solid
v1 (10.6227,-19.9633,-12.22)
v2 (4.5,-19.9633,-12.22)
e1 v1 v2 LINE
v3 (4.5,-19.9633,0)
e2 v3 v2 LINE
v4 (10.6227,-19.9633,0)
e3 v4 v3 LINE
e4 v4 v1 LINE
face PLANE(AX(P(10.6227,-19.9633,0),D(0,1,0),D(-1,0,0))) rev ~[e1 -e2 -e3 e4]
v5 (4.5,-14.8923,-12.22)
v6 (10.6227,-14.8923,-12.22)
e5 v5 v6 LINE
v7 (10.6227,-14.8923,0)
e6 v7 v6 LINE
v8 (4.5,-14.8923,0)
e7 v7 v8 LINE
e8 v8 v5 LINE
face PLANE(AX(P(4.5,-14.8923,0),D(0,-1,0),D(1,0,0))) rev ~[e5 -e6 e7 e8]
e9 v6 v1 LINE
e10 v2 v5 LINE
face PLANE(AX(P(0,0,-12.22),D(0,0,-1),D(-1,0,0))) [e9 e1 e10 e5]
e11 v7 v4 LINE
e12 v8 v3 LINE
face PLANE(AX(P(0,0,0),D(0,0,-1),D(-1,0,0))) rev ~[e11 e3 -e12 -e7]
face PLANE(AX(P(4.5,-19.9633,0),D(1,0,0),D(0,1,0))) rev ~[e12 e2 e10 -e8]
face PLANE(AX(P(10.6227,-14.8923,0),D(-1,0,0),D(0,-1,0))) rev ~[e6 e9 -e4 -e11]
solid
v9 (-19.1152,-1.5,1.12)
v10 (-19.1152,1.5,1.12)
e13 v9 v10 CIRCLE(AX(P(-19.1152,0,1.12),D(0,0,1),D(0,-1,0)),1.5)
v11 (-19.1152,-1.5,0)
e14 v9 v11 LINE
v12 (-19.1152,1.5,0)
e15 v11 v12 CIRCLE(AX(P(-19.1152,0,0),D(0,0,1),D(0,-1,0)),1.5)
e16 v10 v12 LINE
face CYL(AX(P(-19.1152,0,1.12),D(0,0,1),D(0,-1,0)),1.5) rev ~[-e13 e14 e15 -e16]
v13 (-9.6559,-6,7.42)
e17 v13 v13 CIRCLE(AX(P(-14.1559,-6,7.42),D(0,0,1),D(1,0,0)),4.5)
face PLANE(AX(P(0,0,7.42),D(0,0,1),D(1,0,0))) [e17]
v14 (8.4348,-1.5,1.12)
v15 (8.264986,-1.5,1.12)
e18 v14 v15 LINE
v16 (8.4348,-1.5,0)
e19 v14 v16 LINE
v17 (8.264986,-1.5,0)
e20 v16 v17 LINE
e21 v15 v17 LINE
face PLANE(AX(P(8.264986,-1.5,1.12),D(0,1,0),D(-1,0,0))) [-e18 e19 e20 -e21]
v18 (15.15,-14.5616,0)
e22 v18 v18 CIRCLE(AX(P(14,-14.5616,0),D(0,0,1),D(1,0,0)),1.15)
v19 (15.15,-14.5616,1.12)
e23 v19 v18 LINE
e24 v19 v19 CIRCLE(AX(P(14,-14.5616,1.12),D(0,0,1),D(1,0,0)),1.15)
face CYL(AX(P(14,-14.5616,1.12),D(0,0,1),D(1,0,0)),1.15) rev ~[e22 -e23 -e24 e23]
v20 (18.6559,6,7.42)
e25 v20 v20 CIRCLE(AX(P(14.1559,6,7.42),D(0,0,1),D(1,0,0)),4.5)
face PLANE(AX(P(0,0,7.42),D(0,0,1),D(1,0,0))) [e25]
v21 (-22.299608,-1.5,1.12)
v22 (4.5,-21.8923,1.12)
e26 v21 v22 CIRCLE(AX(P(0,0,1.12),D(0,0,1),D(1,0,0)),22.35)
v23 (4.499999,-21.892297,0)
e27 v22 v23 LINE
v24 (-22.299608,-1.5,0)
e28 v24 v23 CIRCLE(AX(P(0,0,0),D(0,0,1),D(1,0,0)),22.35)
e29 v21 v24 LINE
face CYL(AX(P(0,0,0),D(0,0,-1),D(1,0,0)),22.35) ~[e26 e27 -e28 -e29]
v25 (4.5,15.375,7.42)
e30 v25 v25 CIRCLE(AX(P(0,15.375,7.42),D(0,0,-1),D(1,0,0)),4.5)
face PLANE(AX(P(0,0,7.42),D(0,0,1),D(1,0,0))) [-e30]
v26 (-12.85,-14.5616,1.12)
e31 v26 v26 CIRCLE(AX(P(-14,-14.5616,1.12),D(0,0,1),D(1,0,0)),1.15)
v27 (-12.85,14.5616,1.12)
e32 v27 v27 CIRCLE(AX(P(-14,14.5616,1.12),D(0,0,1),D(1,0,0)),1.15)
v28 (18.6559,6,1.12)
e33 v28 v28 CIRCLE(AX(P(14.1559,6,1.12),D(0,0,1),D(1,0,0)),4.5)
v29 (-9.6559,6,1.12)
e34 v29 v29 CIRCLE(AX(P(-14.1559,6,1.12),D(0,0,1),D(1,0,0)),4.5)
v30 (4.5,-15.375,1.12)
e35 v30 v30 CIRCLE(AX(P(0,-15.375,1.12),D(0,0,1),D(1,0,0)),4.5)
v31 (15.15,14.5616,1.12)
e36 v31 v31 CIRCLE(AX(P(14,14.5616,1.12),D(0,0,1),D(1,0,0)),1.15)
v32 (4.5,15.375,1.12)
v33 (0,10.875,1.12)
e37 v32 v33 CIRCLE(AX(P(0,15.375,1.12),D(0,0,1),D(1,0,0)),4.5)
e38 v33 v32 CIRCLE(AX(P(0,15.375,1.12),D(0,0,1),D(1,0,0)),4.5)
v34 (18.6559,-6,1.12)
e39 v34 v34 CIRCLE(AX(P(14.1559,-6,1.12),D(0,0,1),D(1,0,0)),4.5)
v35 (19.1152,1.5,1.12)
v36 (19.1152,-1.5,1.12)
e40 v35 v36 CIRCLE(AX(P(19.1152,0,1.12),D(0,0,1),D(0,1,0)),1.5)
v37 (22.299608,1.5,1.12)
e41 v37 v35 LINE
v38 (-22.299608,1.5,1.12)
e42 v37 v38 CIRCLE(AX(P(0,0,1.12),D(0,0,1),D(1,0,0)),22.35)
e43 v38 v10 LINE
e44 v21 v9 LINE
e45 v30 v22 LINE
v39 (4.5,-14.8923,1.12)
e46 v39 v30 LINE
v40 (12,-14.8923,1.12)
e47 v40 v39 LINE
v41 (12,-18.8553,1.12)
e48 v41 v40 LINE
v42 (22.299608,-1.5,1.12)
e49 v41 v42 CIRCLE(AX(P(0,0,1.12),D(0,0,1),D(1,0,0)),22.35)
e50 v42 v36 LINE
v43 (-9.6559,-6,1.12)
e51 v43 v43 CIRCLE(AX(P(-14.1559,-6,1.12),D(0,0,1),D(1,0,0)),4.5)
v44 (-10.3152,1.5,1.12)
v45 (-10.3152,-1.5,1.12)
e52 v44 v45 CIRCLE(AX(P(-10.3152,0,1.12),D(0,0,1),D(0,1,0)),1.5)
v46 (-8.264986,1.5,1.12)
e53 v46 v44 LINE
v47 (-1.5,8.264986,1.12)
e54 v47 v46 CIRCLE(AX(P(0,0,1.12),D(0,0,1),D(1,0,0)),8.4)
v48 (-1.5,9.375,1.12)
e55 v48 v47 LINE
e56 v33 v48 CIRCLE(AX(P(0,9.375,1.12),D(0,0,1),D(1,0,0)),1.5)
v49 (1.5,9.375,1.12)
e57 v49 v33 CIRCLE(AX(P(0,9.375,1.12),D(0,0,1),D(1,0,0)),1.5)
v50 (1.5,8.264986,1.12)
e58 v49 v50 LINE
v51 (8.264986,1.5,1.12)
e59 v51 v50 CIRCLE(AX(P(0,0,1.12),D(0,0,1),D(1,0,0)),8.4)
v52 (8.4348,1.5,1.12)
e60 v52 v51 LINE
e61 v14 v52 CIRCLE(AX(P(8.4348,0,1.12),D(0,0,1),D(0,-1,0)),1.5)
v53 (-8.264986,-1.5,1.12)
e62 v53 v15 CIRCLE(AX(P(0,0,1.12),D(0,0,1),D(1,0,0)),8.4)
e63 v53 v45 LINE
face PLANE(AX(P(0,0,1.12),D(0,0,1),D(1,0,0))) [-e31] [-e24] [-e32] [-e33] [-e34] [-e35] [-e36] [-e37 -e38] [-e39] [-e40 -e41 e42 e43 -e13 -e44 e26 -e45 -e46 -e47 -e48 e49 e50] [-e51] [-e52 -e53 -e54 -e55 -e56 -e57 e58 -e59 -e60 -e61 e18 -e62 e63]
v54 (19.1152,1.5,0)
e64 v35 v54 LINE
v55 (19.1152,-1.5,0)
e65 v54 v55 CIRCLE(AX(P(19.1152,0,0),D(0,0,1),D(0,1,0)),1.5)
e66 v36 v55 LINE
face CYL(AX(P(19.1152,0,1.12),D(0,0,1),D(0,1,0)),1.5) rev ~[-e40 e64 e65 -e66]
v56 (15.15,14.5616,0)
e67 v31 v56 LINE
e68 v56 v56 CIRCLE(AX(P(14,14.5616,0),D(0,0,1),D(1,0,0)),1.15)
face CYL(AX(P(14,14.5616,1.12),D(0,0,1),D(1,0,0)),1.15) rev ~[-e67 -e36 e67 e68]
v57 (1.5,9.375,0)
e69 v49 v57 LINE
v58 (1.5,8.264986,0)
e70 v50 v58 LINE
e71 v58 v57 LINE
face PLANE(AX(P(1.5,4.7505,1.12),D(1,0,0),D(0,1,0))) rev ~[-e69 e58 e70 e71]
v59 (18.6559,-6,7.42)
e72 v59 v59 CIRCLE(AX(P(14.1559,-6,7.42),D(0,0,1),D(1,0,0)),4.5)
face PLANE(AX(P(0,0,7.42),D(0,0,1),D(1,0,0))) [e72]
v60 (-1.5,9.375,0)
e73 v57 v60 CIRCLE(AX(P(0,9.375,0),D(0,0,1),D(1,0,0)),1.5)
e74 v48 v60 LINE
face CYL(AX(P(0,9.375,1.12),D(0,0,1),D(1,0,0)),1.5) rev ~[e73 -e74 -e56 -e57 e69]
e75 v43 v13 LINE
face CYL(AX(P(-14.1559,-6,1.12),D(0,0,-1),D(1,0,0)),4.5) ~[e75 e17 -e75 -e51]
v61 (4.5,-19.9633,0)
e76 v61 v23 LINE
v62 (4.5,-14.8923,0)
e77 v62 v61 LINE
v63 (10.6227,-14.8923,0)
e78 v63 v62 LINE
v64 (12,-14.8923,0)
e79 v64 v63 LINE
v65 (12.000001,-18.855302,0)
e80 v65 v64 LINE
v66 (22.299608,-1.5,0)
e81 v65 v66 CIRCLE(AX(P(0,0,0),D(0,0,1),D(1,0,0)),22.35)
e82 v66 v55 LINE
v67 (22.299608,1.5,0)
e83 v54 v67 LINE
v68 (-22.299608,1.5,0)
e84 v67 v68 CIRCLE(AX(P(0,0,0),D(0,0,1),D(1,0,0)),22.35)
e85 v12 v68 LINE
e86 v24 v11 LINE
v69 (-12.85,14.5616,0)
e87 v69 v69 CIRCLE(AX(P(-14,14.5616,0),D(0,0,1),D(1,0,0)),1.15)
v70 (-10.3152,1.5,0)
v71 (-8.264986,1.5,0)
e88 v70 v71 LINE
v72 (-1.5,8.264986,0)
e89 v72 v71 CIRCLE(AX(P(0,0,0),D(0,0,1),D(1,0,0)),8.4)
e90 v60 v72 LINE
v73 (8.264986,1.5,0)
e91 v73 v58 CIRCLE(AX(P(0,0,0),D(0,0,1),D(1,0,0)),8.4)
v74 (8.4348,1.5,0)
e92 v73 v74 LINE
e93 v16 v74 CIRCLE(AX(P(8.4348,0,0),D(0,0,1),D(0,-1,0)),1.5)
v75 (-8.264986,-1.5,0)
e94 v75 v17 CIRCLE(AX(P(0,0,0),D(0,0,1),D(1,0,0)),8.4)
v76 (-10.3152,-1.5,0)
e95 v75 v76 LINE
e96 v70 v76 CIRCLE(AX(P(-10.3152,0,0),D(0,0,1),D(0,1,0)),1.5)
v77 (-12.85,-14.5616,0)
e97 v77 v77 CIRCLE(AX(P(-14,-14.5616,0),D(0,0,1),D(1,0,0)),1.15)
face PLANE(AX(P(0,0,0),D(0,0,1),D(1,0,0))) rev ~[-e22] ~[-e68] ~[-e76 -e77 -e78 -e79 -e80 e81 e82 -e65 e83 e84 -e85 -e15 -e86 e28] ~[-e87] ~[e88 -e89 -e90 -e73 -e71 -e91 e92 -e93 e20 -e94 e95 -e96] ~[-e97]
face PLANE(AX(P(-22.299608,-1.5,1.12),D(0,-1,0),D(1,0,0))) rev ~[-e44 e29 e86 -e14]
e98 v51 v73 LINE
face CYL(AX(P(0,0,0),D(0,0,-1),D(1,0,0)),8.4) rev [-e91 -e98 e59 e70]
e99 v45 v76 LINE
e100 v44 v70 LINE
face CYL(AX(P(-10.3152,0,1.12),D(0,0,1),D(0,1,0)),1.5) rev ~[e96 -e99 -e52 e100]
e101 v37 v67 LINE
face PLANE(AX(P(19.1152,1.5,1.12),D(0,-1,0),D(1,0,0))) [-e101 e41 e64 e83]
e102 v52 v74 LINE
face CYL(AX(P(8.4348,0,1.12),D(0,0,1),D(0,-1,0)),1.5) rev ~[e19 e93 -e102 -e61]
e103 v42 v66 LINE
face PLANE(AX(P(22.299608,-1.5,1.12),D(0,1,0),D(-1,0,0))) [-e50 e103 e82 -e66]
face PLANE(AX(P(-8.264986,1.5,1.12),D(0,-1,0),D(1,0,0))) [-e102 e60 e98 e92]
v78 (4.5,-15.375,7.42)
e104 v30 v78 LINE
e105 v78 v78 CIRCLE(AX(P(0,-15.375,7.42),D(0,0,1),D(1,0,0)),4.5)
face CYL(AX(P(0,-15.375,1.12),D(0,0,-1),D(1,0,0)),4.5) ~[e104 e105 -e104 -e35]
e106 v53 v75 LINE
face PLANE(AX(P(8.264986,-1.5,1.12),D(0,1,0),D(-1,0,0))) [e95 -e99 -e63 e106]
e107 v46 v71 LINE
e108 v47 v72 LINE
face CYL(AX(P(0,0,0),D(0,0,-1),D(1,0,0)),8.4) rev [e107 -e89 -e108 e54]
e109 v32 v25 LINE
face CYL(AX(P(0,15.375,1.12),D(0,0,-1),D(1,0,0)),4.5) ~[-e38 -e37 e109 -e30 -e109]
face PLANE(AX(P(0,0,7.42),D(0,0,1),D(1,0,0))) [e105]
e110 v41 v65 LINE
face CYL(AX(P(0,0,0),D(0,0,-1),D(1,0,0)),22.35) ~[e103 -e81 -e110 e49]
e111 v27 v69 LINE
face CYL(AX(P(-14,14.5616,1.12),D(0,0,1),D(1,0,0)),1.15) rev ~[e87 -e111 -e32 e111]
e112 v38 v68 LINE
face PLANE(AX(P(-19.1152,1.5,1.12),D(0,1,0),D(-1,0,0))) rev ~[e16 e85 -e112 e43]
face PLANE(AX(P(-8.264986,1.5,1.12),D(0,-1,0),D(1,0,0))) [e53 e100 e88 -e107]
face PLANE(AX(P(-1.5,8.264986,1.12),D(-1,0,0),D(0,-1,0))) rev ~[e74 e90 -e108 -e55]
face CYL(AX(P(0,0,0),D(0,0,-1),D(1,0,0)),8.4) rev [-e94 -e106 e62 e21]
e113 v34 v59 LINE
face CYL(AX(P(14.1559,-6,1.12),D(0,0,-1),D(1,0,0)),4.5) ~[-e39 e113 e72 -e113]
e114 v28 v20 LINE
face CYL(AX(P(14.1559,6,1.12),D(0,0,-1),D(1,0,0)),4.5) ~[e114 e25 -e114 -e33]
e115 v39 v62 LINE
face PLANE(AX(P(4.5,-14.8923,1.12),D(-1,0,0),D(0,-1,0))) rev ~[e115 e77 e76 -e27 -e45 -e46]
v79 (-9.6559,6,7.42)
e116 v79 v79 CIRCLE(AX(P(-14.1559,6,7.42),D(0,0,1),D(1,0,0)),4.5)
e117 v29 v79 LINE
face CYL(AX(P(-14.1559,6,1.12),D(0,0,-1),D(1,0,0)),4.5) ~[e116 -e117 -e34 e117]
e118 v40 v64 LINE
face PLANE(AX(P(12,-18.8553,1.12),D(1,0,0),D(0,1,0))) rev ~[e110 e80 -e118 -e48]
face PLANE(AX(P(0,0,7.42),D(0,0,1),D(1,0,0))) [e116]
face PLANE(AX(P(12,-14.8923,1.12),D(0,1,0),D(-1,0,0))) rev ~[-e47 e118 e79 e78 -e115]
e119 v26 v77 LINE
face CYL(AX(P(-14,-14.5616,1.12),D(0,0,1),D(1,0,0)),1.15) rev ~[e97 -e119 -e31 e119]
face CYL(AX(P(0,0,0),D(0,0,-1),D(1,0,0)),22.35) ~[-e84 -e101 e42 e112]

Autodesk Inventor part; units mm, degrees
ref_plane "YZ Plane" through (0, 0, 0) normal (1, 0, 0) x (0, 1, 0)
ref_plane "XZ Plane" through (0, 0, 0) normal (0, 1, 0) x (-1, 0, 0)
ref_plane "XY Plane" through (0, 0, 0) normal (0, 0, 1) x (1, 0, 0)
sketch "Base" plane through (0, 0, 0) normal (0, 0, 1) x (1, 0, 0)
  circle A0 centre (0, 0) radius 22.35
  circle A1 centre (0, 0) radius 8.4
  dimension "d0" = 44.7
  dimension "d1" = 16.8
extrude "BaseFeature" add sketch "Base" along normal blind 1.12
sketch "InsideProfile" plane through (0, 0, 1.12) normal (0, 0, 1) x (1, 0, 0)
  circle A0 centre (0, 0) radius 8.4 projected
  circle A1 centre (0, 0) radius 22.35 projected
  circle A2 centre (0, 0) radius 15.375 construction
  line L0 (0, 15.375) -> (0, -15.375) construction
  circle A3 centre (0, 15.375) radius 4.5
  circle A4 centre (0, -15.375) radius 4.5
  circle A5 centre (-14.1559, 6) radius 4.5
  circle A6 centre (-14.1559, -6) radius 4.5
  circle A7 centre (14.1559, 6) radius 4.5
  circle A8 centre (14.1559, -6) radius 4.5
  line L1 (0, 9.375) -> (0, 4.7505) construction
  line L2 (-1.5, 9.375) -> (-1.5, 4.7505)
  line L3 (1.5, 4.7505) -> (1.5, 9.375)
  arc A9 (1.5, 9.375) -> (-1.5, 9.375) centre (0, 9.375) ccw
  arc A10 (-1.5, 4.7505) -> (1.5, 4.7505) centre (0, 4.7505) ccw
  line L4 (0, -31.29) -> (0, 31.29) construction
  line L5 (-14.1559, 6) -> (-14.1559, -6) construction
  line L6 (-38.1332, 0) -> (38.1332, 0) construction
  line L7 (-10.3152, 0) -> (8.4348, 0) construction
  line L8 (-10.3152, 1.5) -> (8.4348, 1.5)
  line L9 (8.4348, -1.5) -> (-10.3152, -1.5)
  arc A11 (-10.3152, 1.5) -> (-10.3152, -1.5) centre (-10.3152, 0) ccw
  arc A12 (8.4348, -1.5) -> (8.4348, 1.5) centre (8.4348, 0) ccw
  line L10 (-25.738, 0) -> (-19.1152, 0) construction
  line L11 (-25.738, -1.5) -> (-19.1152, -1.5)
  line L12 (-19.1152, 1.5) -> (-25.738, 1.5)
  arc A13 (-25.738, 1.5) -> (-25.738, -1.5) centre (-25.738, 0) ccw
  arc A14 (-19.1152, -1.5) -> (-19.1152, 1.5) centre (-19.1152, 0) ccw
  line L13 (25.738, -1.5) -> (19.1152, -1.5)
  line L14 (19.1152, 1.5) -> (25.738, 1.5)
  arc A15 (25.738, -1.5) -> (25.738, 1.5) centre (25.738, 0) ccw
  arc A16 (19.1152, 1.5) -> (19.1152, -1.5) centre (19.1152, 0) ccw
  point P0 (0, 7.0627)
  point P1 (-14.1559, 0)
  point P2 (-0.9402, 0)
  point P3 (-22.4266, 0)
  point P4 (1.5, 8.265)
  point P5 (-1.5, 8.265)
  dimension "d4" = 13.95
  dimension "d5" = 6.975
  dimension "d6" = 9
  dimension "d8" = 12
  dimension "d9" = 1.5
  dimension "d10" = 2.3123
  dimension "d11" = 9.375
  dimension "d12" = 10.3152
  dimension "d13" = 9.375
  dimension "d14" = 8.8
  dimension "d15" = 15.4228
extrude "CutsFeature" cut sketch "InsideProfile" against normal through all contours A0 L9 L8 | A0 L8 A12 L9 | L3 A10 L2 A0 | A0 L2 A9 L3 | A0 L9 A11 L8 | A1 L13 A16 L14 | A1 L14 A15 L13 | L12 A14 L11 A1 | A1 L11 A13 L12
extrude "LightsFeature" add sketch "InsideProfile" along normal blind 6.3 contours A3 | A4 | A5 | A6 | A7 | A8
sketch "MountHoles" plane through (0, 0, 1.12) normal (0, 0, 1) x (1, 0, 0)
  circle A0 centre (-14, 14.5616) radius 1.15
  circle A1 centre (14, 14.5616) radius 1.15
  line L0 (-14, 14.5616) -> (14, 14.5616) construction
  circle A2 centre (0, 0) radius 21.35 construction
  arc A3 (22.2996, 1.5) -> (-22.2996, 1.5) centre (0, 0) ccw construction
  line L1 (-31.2195, 0) -> (31.2195, 0) construction
  circle A4 centre (-14, -14.5616) radius 1.15
  circle A5 centre (14, -14.5616) radius 1.15
  dimension "d20" = 28
  dimension "d21" = 2.3
  dimension "d22" = 2.3
  dimension "d23" = 1
extrude "MountHolesFeature" cut sketch "MountHoles" against normal through all
sketch "Sketch4" plane through (0, 0, 1.12) normal (0, 0, 1) x (1, 0, 0)
  arc A0 (-22.2996, -1.5) -> (22.2996, -1.5) centre (0, 0) ccw projected
  line L0 (12, -18.8553) -> (12, -14.8923)
  line L1 (12, -14.8923) -> (4.5, -14.8923)
  line L2 (4.5, -14.8923) -> (4.5, -21.8923)
  line L3 (4.5, -21.8923) -> (12, -21.8923)
  line L4 (12, -21.8923) -> (12, -18.8553)
  circle A1 centre (0, -15.375) radius 4.5 projected
  circle A2 centre (14, -14.5616) radius 1.15 projected
  dimension "d26" = 2
  dimension "d27" = 7
extrude "Extrusion5" cut sketch "Sketch4" against normal through all contours L2 L1 L0 A0
sketch "Sketch5" plane through (0, 0, 0) normal (0, 0, -1) x (-1, 0, 0)
  line L0 (-4.5, -14.8923) -> (-12, -14.8923) projected
  line L1 (-4.5, -14.8923) -> (-10.6227, -14.8923)
  line L2 (-10.6227, -14.8923) -> (-10.6227, -19.9633)
  line L3 (-10.6227, -19.9633) -> (-4.5, -19.9633)
  line L4 (-4.5, -19.9633) -> (-4.5, -14.8923)
  point P0 (0, 0)
  dimension "d30" = 5.071
  dimension "d31" = 6.1227
extrude "Extrusion6" add sketch "Sketch5" along normal blind 12.22
equation "\"d5\" = 0.5 * d4"
equation "\"d13\" = d11"
properties part number "IRLed"
